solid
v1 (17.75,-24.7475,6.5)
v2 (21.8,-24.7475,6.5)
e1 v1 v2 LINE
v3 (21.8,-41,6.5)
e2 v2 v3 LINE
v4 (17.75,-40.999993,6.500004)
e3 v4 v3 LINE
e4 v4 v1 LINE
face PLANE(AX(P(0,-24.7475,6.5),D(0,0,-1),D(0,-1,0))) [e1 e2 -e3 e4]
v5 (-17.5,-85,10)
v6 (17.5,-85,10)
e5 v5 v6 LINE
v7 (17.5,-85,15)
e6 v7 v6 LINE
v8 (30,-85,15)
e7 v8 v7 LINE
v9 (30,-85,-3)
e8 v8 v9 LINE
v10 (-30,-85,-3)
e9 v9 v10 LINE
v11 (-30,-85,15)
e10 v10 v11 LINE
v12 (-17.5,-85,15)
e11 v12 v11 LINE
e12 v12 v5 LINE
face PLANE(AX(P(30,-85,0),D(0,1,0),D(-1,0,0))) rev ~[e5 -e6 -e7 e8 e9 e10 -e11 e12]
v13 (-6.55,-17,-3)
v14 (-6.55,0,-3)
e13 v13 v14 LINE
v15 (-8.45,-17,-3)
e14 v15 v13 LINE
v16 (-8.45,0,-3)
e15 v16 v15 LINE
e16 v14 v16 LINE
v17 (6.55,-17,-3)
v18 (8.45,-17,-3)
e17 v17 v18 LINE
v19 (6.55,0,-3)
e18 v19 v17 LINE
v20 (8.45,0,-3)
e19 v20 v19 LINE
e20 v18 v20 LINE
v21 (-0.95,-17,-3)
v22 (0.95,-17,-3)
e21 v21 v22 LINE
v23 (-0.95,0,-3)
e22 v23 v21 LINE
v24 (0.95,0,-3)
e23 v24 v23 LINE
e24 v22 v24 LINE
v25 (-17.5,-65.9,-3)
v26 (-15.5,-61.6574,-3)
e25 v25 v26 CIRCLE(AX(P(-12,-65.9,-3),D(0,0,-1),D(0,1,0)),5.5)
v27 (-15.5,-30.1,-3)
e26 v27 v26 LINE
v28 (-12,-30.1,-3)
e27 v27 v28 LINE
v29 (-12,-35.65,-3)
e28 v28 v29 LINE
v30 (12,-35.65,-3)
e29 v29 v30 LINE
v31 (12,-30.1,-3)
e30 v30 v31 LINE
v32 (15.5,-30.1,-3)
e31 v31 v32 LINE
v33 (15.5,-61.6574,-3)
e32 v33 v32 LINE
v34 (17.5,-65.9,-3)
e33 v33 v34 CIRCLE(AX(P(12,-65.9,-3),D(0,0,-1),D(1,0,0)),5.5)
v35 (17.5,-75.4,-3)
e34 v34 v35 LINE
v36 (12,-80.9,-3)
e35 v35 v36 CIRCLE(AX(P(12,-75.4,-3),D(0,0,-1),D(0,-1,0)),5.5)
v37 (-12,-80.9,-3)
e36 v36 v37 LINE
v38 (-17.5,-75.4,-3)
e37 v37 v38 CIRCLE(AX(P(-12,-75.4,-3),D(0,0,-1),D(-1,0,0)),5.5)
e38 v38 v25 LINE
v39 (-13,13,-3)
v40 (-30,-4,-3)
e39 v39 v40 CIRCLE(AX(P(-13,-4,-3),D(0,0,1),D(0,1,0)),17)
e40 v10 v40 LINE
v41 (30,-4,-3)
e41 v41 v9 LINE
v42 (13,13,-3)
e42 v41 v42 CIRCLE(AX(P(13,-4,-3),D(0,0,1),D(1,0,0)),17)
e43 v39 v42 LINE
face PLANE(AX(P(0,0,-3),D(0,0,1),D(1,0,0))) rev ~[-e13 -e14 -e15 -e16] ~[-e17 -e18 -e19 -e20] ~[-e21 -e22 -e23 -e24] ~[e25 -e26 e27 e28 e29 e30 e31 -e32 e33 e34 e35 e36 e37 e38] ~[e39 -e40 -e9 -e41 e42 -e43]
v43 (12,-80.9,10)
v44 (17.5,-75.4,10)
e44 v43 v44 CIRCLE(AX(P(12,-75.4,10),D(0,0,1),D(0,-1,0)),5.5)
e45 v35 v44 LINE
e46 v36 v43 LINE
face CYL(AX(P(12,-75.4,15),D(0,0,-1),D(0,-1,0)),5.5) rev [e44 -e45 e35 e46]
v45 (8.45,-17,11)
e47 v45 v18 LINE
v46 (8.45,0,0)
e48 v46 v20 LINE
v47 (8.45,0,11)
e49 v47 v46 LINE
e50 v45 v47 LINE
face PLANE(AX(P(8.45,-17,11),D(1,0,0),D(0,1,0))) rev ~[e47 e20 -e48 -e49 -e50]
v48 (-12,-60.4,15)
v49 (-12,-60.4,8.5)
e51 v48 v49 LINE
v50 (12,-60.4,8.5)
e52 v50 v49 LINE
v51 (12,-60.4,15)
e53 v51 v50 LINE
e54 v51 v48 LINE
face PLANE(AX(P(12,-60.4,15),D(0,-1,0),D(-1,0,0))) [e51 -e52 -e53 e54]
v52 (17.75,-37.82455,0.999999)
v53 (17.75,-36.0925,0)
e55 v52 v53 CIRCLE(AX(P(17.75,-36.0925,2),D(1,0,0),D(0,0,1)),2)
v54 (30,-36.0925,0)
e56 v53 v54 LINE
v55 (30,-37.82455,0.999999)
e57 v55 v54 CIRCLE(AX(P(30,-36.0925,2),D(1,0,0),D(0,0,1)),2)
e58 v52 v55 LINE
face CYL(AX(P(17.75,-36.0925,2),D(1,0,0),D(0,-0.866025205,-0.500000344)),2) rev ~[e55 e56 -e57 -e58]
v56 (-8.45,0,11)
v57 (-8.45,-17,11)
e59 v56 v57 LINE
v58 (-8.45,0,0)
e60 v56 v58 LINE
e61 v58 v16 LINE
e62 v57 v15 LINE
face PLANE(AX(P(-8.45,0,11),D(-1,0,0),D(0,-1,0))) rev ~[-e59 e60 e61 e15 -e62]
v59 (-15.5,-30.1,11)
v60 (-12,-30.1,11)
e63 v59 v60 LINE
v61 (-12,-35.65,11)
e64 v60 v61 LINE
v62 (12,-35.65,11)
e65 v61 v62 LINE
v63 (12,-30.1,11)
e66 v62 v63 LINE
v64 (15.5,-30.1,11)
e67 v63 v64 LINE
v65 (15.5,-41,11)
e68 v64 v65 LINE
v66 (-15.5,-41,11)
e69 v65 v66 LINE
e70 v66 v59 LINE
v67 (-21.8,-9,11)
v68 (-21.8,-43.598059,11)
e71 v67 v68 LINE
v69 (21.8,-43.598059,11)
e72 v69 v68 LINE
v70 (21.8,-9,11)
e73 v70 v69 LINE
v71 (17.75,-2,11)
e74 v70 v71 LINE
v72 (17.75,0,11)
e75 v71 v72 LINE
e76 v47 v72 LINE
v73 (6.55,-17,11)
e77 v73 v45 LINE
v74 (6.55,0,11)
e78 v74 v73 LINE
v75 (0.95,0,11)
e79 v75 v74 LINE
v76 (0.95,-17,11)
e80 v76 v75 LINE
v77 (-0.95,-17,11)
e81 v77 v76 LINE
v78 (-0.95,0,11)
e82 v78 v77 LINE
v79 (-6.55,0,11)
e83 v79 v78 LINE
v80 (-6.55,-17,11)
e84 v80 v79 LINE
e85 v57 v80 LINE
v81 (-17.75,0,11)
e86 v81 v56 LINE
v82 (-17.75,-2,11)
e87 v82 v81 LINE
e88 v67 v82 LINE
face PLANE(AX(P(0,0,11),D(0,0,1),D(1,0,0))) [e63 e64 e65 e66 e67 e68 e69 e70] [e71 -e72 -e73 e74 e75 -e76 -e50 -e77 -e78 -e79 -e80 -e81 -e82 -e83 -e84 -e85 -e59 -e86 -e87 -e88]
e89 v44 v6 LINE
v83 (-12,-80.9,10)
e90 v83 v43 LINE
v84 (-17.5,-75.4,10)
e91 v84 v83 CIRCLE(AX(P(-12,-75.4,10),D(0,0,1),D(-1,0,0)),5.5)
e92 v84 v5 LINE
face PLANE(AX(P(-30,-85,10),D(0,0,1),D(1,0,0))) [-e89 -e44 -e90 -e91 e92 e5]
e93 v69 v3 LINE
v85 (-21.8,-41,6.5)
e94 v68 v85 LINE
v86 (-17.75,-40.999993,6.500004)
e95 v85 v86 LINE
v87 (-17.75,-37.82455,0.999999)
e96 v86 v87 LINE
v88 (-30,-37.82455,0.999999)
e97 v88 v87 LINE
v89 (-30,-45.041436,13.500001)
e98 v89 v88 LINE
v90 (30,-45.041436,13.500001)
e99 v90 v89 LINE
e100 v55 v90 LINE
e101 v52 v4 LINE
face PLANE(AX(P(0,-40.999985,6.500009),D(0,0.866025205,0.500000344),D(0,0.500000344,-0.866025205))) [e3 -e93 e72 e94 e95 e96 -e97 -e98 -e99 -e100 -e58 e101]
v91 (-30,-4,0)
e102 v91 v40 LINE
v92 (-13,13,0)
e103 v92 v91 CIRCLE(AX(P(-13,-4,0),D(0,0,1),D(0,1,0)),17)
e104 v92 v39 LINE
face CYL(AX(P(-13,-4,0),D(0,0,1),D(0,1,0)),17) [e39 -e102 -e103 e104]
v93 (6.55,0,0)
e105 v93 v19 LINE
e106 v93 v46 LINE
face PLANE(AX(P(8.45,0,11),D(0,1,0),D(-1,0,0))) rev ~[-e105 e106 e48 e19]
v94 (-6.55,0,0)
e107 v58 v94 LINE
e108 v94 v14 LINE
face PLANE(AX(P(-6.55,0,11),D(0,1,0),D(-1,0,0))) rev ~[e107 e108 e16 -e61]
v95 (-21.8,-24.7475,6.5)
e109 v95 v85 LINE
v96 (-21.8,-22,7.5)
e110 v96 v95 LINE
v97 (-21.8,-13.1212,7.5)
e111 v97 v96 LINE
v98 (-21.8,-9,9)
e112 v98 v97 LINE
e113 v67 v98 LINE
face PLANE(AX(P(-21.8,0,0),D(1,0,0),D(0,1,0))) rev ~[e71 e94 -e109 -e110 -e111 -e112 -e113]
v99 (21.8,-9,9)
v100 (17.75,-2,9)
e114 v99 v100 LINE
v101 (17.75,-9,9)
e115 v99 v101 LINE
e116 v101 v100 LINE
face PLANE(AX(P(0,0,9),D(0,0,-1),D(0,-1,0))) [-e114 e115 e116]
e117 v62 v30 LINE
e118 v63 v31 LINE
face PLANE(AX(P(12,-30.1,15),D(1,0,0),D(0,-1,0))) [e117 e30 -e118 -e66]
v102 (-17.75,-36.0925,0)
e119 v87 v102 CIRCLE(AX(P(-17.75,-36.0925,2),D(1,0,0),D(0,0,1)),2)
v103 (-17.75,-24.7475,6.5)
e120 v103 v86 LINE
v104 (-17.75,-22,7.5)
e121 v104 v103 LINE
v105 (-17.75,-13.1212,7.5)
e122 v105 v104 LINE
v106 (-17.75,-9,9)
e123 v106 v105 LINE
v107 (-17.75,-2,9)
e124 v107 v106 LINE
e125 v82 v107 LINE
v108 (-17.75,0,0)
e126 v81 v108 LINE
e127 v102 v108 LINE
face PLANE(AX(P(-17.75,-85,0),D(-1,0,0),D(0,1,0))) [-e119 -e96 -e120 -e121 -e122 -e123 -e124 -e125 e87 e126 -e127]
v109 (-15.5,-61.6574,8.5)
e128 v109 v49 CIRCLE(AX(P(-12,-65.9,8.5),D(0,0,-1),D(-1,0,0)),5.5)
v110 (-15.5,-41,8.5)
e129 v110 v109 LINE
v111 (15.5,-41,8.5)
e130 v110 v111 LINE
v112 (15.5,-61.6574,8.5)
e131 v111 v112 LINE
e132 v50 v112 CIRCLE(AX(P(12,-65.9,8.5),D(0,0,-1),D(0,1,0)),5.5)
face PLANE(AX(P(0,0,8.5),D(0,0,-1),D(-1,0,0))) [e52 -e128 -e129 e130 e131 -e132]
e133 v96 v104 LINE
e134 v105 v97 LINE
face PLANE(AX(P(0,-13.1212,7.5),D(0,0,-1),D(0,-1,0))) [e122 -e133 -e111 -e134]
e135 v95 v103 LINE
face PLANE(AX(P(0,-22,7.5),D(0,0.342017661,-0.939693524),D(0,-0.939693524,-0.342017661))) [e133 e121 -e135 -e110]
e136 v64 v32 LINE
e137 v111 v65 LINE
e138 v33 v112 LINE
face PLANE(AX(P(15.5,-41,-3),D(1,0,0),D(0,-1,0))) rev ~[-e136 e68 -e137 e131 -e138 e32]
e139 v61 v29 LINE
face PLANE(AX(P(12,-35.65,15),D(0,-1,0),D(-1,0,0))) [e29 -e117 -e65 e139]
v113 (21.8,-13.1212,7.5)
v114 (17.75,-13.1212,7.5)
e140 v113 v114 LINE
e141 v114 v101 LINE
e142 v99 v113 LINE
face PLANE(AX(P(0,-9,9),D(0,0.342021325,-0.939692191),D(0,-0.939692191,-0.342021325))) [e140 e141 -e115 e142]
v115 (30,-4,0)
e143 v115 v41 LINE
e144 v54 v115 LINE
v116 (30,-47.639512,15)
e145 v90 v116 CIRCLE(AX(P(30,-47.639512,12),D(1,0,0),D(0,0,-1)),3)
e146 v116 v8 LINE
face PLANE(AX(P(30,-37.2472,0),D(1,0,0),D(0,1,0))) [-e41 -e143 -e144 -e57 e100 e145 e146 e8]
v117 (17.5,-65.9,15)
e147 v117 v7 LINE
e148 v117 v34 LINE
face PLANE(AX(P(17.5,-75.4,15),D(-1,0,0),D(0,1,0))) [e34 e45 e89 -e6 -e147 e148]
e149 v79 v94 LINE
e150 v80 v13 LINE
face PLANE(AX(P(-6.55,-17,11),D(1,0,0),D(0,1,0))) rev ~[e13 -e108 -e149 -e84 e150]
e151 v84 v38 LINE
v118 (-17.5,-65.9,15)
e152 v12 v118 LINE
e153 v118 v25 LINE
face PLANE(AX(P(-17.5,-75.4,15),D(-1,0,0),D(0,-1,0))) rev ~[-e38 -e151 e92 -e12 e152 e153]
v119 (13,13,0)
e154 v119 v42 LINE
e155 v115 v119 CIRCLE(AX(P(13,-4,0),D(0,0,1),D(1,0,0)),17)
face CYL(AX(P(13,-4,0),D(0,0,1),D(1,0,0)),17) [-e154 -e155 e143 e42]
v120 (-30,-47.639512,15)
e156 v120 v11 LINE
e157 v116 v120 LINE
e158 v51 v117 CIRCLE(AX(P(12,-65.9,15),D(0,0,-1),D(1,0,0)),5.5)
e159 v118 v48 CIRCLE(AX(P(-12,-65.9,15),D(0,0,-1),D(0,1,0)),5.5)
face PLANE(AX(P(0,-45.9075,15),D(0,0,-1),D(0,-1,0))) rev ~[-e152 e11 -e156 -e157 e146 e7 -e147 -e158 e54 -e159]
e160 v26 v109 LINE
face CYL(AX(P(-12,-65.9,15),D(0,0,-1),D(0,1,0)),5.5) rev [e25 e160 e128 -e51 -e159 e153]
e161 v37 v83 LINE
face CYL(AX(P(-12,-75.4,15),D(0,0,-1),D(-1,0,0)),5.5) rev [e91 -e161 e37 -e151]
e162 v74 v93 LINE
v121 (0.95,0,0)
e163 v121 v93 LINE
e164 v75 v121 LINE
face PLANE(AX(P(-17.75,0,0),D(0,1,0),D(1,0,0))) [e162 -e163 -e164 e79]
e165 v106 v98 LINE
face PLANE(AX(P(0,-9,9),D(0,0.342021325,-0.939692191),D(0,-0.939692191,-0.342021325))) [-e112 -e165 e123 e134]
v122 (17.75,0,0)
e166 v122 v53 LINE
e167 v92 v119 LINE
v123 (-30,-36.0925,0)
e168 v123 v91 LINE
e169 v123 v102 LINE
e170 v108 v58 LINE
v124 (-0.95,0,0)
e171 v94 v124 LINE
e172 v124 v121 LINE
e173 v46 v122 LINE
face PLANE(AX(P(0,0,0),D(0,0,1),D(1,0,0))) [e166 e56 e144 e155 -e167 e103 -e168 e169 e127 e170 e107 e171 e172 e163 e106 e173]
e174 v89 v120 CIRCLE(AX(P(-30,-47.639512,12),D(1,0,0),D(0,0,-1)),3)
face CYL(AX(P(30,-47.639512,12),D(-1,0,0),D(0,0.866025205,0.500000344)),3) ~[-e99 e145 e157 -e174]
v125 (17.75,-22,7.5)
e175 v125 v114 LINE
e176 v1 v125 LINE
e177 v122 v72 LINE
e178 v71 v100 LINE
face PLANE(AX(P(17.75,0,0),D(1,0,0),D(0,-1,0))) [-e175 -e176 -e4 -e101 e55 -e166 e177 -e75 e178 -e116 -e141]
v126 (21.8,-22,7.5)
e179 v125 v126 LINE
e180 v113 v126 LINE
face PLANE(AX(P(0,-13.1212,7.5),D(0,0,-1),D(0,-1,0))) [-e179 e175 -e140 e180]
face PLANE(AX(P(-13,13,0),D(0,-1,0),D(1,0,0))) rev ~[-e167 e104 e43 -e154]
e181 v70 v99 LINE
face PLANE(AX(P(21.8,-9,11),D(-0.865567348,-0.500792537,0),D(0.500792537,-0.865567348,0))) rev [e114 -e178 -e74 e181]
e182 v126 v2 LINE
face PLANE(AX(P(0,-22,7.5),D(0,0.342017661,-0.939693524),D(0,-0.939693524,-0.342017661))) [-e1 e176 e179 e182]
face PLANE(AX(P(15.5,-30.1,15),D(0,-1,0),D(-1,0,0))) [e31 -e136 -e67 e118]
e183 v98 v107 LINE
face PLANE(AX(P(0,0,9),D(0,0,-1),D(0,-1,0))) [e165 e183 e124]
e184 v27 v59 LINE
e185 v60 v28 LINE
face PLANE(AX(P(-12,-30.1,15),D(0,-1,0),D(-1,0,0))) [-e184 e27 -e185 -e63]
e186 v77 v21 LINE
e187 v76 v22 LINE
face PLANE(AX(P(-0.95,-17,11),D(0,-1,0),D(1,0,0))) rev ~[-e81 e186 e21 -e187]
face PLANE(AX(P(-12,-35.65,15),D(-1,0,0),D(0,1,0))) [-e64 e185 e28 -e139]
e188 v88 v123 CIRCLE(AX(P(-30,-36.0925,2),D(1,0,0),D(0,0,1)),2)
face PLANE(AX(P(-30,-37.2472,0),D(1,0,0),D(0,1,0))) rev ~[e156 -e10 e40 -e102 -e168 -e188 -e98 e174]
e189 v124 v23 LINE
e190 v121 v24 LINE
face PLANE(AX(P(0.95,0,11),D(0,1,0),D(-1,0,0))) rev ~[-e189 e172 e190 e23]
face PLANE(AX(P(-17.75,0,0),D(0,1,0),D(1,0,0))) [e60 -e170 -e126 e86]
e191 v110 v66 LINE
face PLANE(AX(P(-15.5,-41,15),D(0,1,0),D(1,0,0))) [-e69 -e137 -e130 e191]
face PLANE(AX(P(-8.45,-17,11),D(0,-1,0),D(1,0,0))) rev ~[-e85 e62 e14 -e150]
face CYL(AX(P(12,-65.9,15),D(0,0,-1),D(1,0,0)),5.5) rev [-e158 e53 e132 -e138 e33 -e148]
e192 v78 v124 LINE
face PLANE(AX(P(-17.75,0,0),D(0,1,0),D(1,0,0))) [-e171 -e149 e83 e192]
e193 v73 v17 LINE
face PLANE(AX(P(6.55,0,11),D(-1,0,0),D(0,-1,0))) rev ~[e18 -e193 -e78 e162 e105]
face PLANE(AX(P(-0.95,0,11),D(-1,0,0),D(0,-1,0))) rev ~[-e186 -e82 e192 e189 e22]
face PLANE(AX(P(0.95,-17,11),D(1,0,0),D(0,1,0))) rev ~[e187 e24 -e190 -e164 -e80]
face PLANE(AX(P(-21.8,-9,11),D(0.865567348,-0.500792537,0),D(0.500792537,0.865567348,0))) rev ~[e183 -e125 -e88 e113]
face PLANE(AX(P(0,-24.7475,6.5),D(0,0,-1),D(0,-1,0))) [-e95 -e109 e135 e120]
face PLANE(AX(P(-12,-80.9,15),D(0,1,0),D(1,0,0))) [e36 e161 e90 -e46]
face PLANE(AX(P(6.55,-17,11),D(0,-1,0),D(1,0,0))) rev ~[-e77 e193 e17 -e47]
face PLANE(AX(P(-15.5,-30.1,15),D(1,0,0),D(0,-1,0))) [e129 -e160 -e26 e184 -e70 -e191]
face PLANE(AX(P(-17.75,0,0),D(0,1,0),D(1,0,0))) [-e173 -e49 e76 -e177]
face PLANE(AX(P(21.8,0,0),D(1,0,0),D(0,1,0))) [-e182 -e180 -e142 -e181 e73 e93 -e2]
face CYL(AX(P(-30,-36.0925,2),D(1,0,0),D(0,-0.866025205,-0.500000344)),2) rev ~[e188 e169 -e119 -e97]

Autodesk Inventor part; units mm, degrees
ref_plane "YZ Plane" through (0, 0, 0) normal (1, 0, 0) x (0, 1, 0)
ref_plane "XZ Plane" through (0, 0, 0) normal (0, 1, 0) x (-1, 0, 0)
sketch "Sketch1" plane through (0, 0, 0) normal (0, 0, 1) x (1, 0, 0)
  line L0 (-17.75, 0) -> (17.75, 0)
  line L1 (17.75, 0) -> (17.75, -85)
  line L2 (17.75, -85) -> (-17.75, -85)
  line L3 (-17.75, -85) -> (-17.75, 0)
  point P0 (0, 0)
  point P1 (0, 0)
  dimension "d0" = 35.5
  dimension "d1" = 85
extrude "Extrusion1" add sketch "Sketch1" along normal blind 11
sketch "Sketch2" plane through (0, 0, 0) normal (1, 0, 0) x (0, 1, 0)
  line L0 (-85, 0) -> (0, 0) projected
  line L1 (-85, 0) -> (-85, 11) projected
  line L2 (0, 11) -> (-85, 11) projected
  line L3 (0, 0) -> (0, 11) projected
  line L4 (-85, 82.7102) -> (-37.2472, 0)
  line L5 (0, 0) -> (0, 11) projected
  line L6 (0, 9) -> (-9, 9)
  line L7 (-9, 9) -> (-13.1212, 7.5)
  line L8 (-13.1212, 7.5) -> (-22, 7.5)
  line L9 (-22, 7.5) -> (-24.7475, 6.5)
  line L10 (-24.7475, 6.5) -> (-41, 6.5)
  line L11 (-45.9075, 15) -> (-85, 15)
  line L12 (-85, 15) -> (-85, 11)
  point P0 (-43.5981, 11)
  dimension "d6" = 60
  dimension "d7" = 20
  dimension "d8" = 2
  dimension "d9" = 3.5
  dimension "d10" = 4.5
  dimension "d11" = 6.5
  dimension "d12" = 9
  dimension "d13" = 13.1212
  dimension "d14" = 24.7475
  dimension "d15" = 22
  dimension "d16" = 41
  dimension "d25" = 15
  dimension "d26" = 4
extrude "Extrusion2" add sketch "Sketch2" along normal mid plane 60 contours L1 L2 L4 L0 | L12 L11 L4 L2
extrude "Extrusion4" add sketch "Sketch2" along normal mid plane 43.6 contours L4 L2 L3 L6 L7 L8 L9 L10
sketch "Sketch3" plane through (0, 0, 0) normal (0, 0, 1) x (1, 0, 0)
  line L0 (-13, 13) -> (13, 13)
  line L1 (-17.75, 0) -> (17.75, 0) projected
  line L2 (-30, -37.2472) -> (-30, -85) projected
  line L3 (30, -85) -> (30, -37.2472) projected
  line L4 (30, -85) -> (-30, -85) projected
  arc A0 (-13, 13) -> (-30, -4) centre (-13, -4) ccw
  arc A1 (30, -4) -> (13, 13) centre (13, -4) ccw
  line L5 (-30, -37.2472) -> (-30, -4)
  line L6 (30, -37.2472) -> (30, -4)
  point P0 (0, 0)
  dimension "d28" = 13
  dimension "d29" = 17
extrude "Extrusion5" add sketch "Sketch3" against normal blind 3
fillet "Fillet1" radius 3 1 edges at (0, -45.9075, 15)
fillet "Fillet2" radius 2 2 edges at (23.875, -37.2472, 0) (-23.875, -37.2472, 0)
sketch "Sketch4" plane through (0, 0, 11) normal (0, 0, 1) x (1, 0, 0)
  line L0 (21.8, -43.5981) -> (-21.8, -43.5981) projected
  line L1 (21.8, 0) -> (21.8, -43.5981) projected
  line L2 (21.8, 0) -> (-21.8, 0) projected
  line L3 (-21.8, -43.5981) -> (-21.8, 0) projected
  line L4 (-21.8, -43.5981) -> (-21.8, 0) projected
  line L5 (-21.8, -9) -> (-17.75, -2)
  line L6 (-21.8, -9) -> (-13.7128, -9) construction
  line L7 (-17.75, -2) -> (-17.75, 0)
  line L8 (21.8, 0) -> (-21.8, 0) projected
  point P0 (0, 0)
  dimension "d34" = 2
extrude "Extrusion6" cut sketch "Sketch4" against normal up to next contours L3 L2 L7 L5
mirror "Mirror1" about plane through (0, 0, 0) normal (1, 0, 0) of "Extrusion6"
sketch "Sketch5" plane through (0, 0, 11) normal (0, 0, 1) x (1, 0, 0)
  line L0 (0.95, 0) -> (-0.95, 0)
  line L1 (-0.95, 0) -> (-0.95, -17)
  line L2 (-0.95, -17) -> (0.95, -17)
  line L3 (0.95, -17) -> (0.95, 0)
  line L4 (8.45, 0) -> (6.55, 0)
  line L5 (6.55, 0) -> (6.55, -17)
  line L6 (6.55, -17) -> (8.45, -17)
  line L7 (8.45, -17) -> (8.45, 0)
  line L8 (-6.55, 0) -> (-8.45, 0)
  line L9 (-8.45, 0) -> (-8.45, -17)
  line L10 (-8.45, -17) -> (-6.55, -17)
  line L11 (-6.55, -17) -> (-6.55, 0)
  line L12 (17.75, 0) -> (-17.75, 0) projected
  point P0 (0, 0)
  point P1 (7.5, 0)
  point P2 (-7.5, 0)
  point P3 (0, 0)
  dimension "d37" = 7.5
  dimension "d38" = 7.5
  dimension "d39" = 1.9
  dimension "d40" = 17
extrude "Extrusion7" cut sketch "Sketch5" against normal up to surface (14 mm away)
ref_plane "Work Plane1" through (0, 0, 8) normal (0, 0, 1) x (1, 0, 0)
sketch "Sketch8" plane through (-30, -85, 15) normal (0, 0, 1) x (1, 0, 0)
  line L0 (14.5, 54.9) -> (14.5, 44)
  line L1 (14.5, 44) -> (45.5, 44)
  line L2 (45.5, 44) -> (45.5, 54.9)
  line L3 (45.5, 54.9) -> (42, 54.9)
  line L4 (42, 54.9) -> (42, 49.35)
  line L5 (42, 49.35) -> (18, 49.35)
  line L6 (18, 49.35) -> (18, 54.9)
  line L7 (18, 54.9) -> (14.5, 54.9)
  line L8 (12.5, 4.1) -> (47.5, 4.1)
  line L9 (47.5, 4.1) -> (47.5, 24.6)
  line L10 (47.5, 24.6) -> (12.5, 24.6)
  line L11 (12.5, 24.6) -> (12.5, 4.1)
  arc A0 (12.5, 9.6) -> (18, 4.1) centre (18, 9.6) ccw
  arc A1 (18, 24.6) -> (12.5, 19.1) centre (18, 19.1) ccw
  arc A2 (42, 4.1) -> (47.5, 9.6) centre (42, 9.6) ccw
  arc A3 (47.5, 19.1) -> (42, 24.6) centre (42, 19.1) ccw
  line L12 (12.5, 4.1) -> (12.5, 0)
  line L13 (0, 0) -> (60, 0) projected
  line L14 (47.5, 4.1) -> (47.5, 0)
  point P0 (30, 85)
  point P1 (30, 44)
  point P2 (30, 24.6)
  dimension "d59" = 41
  dimension "d60" = 31
  dimension "d61" = 5.35
  dimension "d62" = 10.9
  dimension "d63" = 3.5
  dimension "d64" = 19.4
  dimension "d65" = 35
  dimension "d66" = 20.5
  dimension "d67" = 5.5
extrude "Extrusion11" cut sketch "Sketch8" along normal through all both and the other way through all contours L7 L6 L5 L4 L3 L2 L1 L0 | A0 L11 A1 L10 A3 L9 A2 L8
extrude "Extrusion12" cut sketch "Sketch8" against normal blind 5 contours L11 A0 L8 | L8 L14 L13 L12 | A2 L9 L8
sketch "Sketch9" plane through (0, 0, -3) normal (0, 0, -1) x (-1, 0, 0)
  line L0 (15.5, -41) -> (-15.5, -41) projected
  line L1 (-12, -60.4) -> (12, -60.4) projected
  arc A0 (17.5, -65.9) -> (12, -60.4) centre (12, -65.9) ccw projected
  arc A1 (-12, -60.4) -> (-17.5, -65.9) centre (-12, -65.9) ccw projected
  line L2 (15.5, -41) -> (15.5, -61.6574)
  line L3 (30, -37.8246) -> (17.75, -37.8246) projected
  line L4 (-15.5, -41) -> (-15.5, -61.6574)
  point P0 (0, 0)
extrude "Extrusion13" cut sketch "Sketch9" against normal blind 11.5
equation "\"overprint\" = 0.1"
properties part number "gehaeuse"
